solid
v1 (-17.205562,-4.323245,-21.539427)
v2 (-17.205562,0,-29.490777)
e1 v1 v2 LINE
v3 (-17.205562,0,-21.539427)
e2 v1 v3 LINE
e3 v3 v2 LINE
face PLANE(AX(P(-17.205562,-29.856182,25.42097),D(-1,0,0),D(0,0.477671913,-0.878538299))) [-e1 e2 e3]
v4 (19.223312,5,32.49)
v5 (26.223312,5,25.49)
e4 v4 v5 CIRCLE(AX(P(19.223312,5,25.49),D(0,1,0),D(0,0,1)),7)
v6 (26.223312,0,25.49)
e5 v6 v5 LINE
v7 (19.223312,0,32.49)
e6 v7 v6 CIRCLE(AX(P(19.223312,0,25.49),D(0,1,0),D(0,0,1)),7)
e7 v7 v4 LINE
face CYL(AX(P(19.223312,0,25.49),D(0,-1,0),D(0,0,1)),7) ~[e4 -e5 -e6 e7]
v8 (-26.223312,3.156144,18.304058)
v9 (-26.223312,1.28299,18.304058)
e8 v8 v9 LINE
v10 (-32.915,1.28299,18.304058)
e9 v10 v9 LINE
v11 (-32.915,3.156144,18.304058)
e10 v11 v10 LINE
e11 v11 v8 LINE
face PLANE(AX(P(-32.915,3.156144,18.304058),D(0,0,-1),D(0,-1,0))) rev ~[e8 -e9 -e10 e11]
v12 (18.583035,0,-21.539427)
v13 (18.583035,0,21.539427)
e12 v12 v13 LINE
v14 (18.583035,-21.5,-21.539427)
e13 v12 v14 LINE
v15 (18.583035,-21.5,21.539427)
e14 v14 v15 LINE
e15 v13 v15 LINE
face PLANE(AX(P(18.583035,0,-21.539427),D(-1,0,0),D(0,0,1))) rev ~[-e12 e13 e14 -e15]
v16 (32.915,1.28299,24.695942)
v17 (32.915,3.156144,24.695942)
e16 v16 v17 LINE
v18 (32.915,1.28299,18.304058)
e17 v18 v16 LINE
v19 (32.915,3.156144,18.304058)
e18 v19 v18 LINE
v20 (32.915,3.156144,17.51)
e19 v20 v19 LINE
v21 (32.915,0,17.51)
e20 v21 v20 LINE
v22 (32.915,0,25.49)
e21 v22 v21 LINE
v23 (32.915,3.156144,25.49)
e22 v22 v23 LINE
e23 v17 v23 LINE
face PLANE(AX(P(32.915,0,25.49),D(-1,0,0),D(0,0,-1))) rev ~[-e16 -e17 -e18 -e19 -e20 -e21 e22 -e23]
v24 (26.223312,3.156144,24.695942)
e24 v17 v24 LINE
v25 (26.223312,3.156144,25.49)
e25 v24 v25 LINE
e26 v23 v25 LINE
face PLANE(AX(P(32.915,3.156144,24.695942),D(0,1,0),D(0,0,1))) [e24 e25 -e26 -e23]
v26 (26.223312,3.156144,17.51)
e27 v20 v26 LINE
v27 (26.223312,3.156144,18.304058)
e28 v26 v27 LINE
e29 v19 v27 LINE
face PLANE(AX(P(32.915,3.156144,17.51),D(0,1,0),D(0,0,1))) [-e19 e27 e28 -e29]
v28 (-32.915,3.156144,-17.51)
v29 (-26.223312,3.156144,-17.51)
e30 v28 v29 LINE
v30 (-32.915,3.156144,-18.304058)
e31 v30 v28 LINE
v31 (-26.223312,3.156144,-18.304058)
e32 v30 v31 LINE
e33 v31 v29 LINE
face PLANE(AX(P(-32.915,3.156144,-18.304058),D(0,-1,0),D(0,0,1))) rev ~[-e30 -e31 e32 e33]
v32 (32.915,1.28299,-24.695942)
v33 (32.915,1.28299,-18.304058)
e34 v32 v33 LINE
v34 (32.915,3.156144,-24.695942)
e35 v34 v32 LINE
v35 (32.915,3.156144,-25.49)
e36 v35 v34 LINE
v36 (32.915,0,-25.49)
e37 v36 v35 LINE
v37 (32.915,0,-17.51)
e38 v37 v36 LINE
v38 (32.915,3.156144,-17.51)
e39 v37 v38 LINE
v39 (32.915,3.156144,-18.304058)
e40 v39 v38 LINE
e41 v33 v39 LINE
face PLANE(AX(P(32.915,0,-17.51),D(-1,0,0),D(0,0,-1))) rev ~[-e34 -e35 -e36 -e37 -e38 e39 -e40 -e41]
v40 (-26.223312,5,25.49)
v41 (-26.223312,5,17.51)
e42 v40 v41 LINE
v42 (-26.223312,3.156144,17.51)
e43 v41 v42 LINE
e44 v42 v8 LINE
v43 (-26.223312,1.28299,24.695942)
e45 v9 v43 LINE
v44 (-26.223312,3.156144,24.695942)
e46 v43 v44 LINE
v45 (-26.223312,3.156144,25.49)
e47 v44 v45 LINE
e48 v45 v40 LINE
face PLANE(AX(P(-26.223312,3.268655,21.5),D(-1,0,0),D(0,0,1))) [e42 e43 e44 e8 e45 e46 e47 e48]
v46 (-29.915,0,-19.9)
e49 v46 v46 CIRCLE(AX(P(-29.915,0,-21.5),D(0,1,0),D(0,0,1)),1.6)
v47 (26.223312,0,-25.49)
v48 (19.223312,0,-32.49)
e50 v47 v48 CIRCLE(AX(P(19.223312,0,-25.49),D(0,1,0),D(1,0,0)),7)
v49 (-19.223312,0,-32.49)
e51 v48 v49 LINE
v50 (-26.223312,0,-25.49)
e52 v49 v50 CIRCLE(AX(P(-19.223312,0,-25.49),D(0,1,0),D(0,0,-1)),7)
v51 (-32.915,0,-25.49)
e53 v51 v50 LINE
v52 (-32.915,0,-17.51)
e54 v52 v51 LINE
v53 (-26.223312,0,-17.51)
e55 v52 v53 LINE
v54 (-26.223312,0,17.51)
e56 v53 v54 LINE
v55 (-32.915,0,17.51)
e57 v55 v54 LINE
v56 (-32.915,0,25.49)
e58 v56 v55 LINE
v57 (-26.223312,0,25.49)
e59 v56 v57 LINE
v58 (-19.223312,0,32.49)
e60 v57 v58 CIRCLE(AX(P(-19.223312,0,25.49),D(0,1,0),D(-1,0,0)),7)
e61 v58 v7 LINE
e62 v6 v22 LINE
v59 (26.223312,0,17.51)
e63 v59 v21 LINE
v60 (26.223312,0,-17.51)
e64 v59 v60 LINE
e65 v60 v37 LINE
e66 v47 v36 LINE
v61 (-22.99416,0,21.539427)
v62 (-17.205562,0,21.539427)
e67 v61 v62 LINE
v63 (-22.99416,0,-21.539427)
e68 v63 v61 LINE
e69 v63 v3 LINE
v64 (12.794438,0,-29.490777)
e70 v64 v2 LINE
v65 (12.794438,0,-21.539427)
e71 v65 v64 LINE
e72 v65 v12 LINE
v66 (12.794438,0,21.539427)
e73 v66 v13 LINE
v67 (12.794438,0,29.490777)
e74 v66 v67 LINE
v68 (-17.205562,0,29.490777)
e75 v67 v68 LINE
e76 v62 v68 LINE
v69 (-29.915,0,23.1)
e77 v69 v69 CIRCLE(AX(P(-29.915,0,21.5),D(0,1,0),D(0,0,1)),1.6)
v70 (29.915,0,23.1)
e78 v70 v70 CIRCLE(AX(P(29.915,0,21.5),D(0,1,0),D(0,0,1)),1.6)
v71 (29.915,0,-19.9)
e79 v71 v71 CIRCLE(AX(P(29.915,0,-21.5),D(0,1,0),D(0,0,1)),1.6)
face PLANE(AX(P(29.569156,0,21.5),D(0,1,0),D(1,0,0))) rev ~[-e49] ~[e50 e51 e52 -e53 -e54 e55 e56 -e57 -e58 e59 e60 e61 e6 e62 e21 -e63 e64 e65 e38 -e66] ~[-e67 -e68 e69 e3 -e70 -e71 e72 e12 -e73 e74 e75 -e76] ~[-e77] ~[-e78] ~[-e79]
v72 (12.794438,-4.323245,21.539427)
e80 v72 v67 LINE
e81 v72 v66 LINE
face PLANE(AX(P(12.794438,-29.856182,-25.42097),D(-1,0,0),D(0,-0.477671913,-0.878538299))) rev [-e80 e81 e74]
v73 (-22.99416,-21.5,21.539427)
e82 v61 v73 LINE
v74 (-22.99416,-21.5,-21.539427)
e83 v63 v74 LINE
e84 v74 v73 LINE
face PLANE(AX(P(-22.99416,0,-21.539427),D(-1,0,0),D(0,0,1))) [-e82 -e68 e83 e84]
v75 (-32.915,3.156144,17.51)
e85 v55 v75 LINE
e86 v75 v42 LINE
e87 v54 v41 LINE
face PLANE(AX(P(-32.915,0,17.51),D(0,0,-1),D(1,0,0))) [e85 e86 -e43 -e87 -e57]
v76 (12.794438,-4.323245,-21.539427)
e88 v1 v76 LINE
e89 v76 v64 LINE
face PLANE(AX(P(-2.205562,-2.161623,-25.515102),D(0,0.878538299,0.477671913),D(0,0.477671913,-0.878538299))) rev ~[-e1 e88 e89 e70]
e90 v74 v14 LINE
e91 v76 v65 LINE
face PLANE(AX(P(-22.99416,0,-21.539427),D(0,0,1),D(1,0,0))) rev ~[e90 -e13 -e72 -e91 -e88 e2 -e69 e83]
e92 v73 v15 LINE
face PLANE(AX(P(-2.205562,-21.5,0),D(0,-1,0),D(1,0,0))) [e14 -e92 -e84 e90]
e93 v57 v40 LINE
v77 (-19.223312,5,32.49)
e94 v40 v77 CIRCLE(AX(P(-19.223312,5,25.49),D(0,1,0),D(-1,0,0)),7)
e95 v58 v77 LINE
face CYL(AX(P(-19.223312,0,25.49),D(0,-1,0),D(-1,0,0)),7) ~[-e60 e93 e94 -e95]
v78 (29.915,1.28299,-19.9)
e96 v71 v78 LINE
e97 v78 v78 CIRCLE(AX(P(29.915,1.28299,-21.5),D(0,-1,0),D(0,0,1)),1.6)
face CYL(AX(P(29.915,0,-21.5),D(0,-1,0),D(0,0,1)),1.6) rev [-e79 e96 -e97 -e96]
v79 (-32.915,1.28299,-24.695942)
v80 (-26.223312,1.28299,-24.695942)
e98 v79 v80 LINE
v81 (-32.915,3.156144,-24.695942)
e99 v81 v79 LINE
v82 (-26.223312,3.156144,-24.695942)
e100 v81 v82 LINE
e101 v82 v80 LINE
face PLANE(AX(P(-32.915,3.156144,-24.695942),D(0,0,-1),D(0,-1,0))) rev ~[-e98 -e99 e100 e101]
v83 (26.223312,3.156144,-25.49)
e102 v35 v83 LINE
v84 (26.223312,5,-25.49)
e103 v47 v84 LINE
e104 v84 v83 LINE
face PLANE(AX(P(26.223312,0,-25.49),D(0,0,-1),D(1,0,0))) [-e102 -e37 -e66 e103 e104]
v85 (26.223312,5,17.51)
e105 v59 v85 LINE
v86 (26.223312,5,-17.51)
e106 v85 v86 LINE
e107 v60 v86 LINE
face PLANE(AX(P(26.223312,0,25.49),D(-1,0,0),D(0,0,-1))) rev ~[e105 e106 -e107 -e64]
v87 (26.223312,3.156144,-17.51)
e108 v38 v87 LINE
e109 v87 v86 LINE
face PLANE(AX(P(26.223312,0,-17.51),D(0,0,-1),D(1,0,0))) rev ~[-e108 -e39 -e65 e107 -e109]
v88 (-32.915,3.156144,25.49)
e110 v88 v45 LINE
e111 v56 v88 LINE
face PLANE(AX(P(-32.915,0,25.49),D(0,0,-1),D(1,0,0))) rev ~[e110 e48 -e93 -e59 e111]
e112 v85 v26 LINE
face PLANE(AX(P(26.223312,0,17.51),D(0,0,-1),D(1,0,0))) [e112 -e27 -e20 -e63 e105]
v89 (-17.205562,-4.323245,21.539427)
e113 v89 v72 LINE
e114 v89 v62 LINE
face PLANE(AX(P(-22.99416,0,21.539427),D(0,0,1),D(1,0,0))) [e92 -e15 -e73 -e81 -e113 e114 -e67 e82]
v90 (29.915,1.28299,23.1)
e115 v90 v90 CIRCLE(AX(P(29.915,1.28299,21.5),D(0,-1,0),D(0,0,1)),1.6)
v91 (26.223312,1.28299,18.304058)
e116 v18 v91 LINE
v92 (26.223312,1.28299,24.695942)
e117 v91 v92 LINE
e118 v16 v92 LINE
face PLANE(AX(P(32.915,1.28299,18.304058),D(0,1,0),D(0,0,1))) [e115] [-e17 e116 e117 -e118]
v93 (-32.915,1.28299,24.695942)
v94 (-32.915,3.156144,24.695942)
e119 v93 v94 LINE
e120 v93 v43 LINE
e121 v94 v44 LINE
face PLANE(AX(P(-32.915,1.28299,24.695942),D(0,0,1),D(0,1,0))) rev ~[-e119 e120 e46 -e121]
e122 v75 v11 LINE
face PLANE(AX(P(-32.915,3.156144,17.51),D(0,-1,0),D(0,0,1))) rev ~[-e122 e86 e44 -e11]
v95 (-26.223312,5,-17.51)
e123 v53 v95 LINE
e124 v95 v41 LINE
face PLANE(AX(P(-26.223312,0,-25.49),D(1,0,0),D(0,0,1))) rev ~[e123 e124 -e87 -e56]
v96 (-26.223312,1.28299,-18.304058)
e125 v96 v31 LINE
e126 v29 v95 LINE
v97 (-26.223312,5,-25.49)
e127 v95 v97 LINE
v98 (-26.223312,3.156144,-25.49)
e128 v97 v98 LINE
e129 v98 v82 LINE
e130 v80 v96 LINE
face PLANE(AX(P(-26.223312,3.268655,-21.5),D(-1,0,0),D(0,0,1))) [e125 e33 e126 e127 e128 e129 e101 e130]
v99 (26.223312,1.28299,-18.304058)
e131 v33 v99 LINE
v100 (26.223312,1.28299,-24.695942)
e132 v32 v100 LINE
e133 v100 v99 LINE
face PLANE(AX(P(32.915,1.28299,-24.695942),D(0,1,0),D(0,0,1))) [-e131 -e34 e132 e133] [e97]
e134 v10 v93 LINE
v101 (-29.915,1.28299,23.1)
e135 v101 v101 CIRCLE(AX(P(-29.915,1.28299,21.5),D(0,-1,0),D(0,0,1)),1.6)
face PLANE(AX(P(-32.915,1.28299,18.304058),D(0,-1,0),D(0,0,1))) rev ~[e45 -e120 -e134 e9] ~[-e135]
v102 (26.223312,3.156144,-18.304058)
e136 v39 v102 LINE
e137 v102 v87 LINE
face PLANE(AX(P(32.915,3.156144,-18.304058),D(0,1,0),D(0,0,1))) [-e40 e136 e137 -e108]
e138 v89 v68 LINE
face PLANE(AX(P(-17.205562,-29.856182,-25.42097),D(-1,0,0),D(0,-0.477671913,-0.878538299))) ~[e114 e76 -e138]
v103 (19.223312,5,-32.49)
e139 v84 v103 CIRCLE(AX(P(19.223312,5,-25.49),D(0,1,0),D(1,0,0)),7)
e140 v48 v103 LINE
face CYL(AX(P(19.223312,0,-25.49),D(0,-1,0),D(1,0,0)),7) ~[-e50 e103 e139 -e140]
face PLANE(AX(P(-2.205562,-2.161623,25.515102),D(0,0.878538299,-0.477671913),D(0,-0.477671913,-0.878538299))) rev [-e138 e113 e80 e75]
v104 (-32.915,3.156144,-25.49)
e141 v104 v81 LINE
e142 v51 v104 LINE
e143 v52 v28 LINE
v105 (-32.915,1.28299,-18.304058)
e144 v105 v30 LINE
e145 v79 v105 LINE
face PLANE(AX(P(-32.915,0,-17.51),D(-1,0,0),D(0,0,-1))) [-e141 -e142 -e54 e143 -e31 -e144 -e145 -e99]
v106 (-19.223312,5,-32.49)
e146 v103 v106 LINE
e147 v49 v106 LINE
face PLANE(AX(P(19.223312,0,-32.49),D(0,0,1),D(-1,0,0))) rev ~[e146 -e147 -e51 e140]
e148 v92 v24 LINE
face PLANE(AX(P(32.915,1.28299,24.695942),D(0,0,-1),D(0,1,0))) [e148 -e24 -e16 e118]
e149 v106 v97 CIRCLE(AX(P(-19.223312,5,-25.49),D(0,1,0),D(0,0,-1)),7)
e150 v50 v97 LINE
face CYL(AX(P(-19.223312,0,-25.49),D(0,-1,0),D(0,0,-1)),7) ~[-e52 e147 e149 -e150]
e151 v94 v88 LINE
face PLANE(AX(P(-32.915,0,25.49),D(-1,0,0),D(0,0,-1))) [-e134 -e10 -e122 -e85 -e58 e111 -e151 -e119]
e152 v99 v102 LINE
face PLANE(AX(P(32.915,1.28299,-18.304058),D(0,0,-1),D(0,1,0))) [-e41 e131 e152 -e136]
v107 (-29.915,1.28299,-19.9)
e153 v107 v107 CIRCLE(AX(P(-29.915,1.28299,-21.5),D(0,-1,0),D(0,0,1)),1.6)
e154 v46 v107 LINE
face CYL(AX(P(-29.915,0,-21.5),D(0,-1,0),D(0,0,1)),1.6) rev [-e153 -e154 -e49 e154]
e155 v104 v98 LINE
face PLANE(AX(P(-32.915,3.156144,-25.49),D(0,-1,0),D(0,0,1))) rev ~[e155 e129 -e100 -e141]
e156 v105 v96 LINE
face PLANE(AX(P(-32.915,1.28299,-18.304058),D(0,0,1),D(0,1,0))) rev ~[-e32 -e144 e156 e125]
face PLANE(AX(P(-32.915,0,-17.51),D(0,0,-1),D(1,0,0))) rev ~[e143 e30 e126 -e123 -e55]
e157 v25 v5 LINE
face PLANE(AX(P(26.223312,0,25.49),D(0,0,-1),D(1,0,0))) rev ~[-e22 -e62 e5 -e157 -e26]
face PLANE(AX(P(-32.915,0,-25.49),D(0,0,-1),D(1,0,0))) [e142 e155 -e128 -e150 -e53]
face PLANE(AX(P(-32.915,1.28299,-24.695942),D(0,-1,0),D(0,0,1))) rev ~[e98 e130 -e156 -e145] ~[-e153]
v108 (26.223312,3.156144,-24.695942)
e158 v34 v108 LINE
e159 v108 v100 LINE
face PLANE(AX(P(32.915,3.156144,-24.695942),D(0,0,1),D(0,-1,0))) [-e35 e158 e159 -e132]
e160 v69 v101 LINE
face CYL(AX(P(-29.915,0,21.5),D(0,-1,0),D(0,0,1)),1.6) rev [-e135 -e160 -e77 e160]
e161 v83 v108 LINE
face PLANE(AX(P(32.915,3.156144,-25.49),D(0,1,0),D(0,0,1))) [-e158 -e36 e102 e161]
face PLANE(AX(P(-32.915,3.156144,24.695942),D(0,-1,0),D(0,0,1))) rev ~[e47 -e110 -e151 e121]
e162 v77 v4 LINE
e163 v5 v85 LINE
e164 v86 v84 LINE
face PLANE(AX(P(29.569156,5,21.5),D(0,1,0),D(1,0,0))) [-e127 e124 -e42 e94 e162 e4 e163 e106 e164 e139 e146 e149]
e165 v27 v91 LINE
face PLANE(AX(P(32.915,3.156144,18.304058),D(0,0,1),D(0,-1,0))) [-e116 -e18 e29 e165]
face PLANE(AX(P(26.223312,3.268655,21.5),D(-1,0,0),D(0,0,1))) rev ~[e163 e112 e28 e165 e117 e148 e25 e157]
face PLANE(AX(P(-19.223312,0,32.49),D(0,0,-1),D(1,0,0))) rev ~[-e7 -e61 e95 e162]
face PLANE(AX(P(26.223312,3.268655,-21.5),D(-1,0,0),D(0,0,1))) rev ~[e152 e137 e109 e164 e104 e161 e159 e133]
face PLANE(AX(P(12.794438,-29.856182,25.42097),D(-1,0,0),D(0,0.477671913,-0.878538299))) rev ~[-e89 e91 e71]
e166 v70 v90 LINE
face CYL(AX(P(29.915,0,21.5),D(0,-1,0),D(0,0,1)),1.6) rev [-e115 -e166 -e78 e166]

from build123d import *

# Parameters (mm, degrees)
SKETCH1_W           = 6.691688341
SKETCH1_H           = 7.98
SKETCH1_R           = 1.6
BOSS_EXTRUDE1_DEPTH = 5
SKETCH2_W           = 41.577195194
SKETCH2_H           = 43.078854614
BOSS_EXTRUDE2_DEPTH = 21.5
CUT_EXTRUDE1_DEPTH  = 6.691688
CUT_EXTRUDE2_START  = -65.83
CUT_EXTRUDE2_DEPTH  = 6.691688
RIB2_REACH          = 54.453
SKETCH4_WALL_W      = 115.956406408
SKETCH4_WALL_H      = 30


with BuildPart() as part:
    # Sketch1 → Boss-Extrude1 (new body)
    # profile 1 of 5: a face of its own
    with BuildSketch(Plane(origin=(0, 0, 0), x_dir=(1, 0, 0), z_dir=(0, 1, 0))):
        with Locations((-29.569155829, 21.5)):
            Rectangle(SKETCH1_W, SKETCH1_H)
        with Locations(Location((-29.915, 21.5, 0), (0, 0, 270))):
            Circle(SKETCH1_R, mode=Mode.SUBTRACT)
    # profile 2 of 5: a face of its own
    with BuildSketch(Plane(origin=(0, 0, 0), x_dir=(1, 0, 0), z_dir=(0, 1, 0))):
        with Locations((-29.569155829, -21.5)):
            Rectangle(SKETCH1_W, SKETCH1_H)
        with Locations(Location((-29.915, -21.5, 0), (0, 0, 270))):
            Circle(SKETCH1_R, mode=Mode.SUBTRACT)
    # profile 3 of 5: a face of its own
    with BuildSketch(Plane(origin=(0, 0, 0), x_dir=(1, 0, 0), z_dir=(0, 1, 0))):
        with BuildLine():
            Line((-26.223311659, 25.49), (-26.223311659, 17.51))
            Line((-26.223311659, 17.51), (-26.223311659, -17.51))
            Line((-26.223311659, -17.51), (-26.223311659, -25.49))
            ThreePointArc((-26.223311659, -25.49), (-24.173059128, -30.439747468), (-19.223311659, -32.49))
            Line((-19.223311659, -32.49), (19.223311659, -32.49))
            ThreePointArc((19.223311659, -32.49), (24.173059128, -30.439747468), (26.223311659, -25.49))
            Line((26.223311659, -25.49), (26.223311659, -17.51))
            Line((26.223311659, -17.51), (26.223311659, 17.51))
            Line((26.223311659, 17.51), (26.223311659, 25.49))
            ThreePointArc((26.223311659, 25.49), (24.173059128, 30.439747468), (19.223311659, 32.49))
            Line((19.223311659, 32.49), (-19.223311659, 32.49))
            ThreePointArc((-19.223311659, 32.49), (-24.173059128, 30.439747468), (-26.223311659, 25.49))
        make_face()
    # profile 4 of 5: a face of its own
    with BuildSketch(Plane(origin=(0, 0, 0), x_dir=(1, 0, 0), z_dir=(0, 1, 0))):
        with Locations((29.569155829, 21.5)):
            Rectangle(SKETCH1_W, SKETCH1_H)
        with Locations(Location((29.915, 21.5, 0), (0, 0, 270))):
            Circle(SKETCH1_R, mode=Mode.SUBTRACT)
    # profile 5 of 5: a face of its own
    with BuildSketch(Plane(origin=(0, 0, 0), x_dir=(1, 0, 0), z_dir=(0, 1, 0))):
        with Locations((29.569155829, -21.5)):
            Rectangle(SKETCH1_W, SKETCH1_H)
        with Locations(Location((29.915, -21.5, 0), (0, 0, 270))):
            Circle(SKETCH1_R, mode=Mode.SUBTRACT)
    extrude(amount=BOSS_EXTRUDE1_DEPTH)

    # Sketch2 → Boss-Extrude2 (add)
    with BuildSketch(Plane.XZ):
        with Locations((-2.205562273, 0)):
            Rectangle(SKETCH2_W, SKETCH2_H)
    extrude(amount=BOSS_EXTRUDE2_DEPTH)

    # Sketch3 → Cut-Extrude1 (cut)
    with BuildSketch(Plane.ZY.offset(32.915)):
        Polygon((-18.304058028, 3.156143774), (-17.51, 3.156143774), (-17.51, 5), (-25.49, 5), (-25.49, 3.156143774), (-24.695941972, 3.156143774), (-24.695941972, 1.28299036), (-18.304058028, 1.28299036), align=None)
        Polygon((24.695941972, 3.156143774), (25.49, 3.156143774), (25.49, 5), (17.51, 5), (17.51, 3.156143774), (18.304058028, 3.156143774), (18.304058028, 1.28299036), (24.695941972, 1.28299036), align=None)
    extrude(amount=-CUT_EXTRUDE1_DEPTH, mode=Mode.SUBTRACT)

    # Sketch3<3> → Cut-Extrude2 (cut)
    with BuildSketch(Plane.ZY.offset(32.915).offset(CUT_EXTRUDE2_START)):
        Polygon((24.695941972, 3.156143774), (25.49, 3.156143774), (25.49, 5), (17.51, 5), (17.51, 3.156143774), (18.304058028, 3.156143774), (18.304058028, 1.28299036), (24.695941972, 1.28299036), align=None)
        Polygon((-18.304058028, 3.156143774), (-17.51, 3.156143774), (-17.51, 5), (-25.49, 5), (-25.49, 3.156143774), (-24.695941972, 3.156143774), (-24.695941972, 1.28299036), (-18.304058028, 1.28299036), align=None)
    extrude(amount=CUT_EXTRUDE2_DEPTH, mode=Mode.SUBTRACT)

    # Sketch4 wall → Rib2 (add, up to next)
    with BuildSketch(Plane(origin=(-2.205562273, -2.161622642, -25.515102301), x_dir=(0, 0.477671912918, -0.878538299455), z_dir=(0, 0.878538299455, 0.477671912918)), mode=Mode.PRIVATE) as rib2_sk1:
        Rectangle(SKETCH4_WALL_W, SKETCH4_WALL_H)
    rib2_tool1 = extrude(rib2_sk1.sketch, amount=RIB2_REACH, mode=Mode.PRIVATE) - part.part
    rib2 = rib2_tool1.solids().sort_by_distance((-2.205562273, -2.161622642, -25.515102301))[0]
    add(rib2)

    # Mirror4: Rib2 across plane
    add(rib2.mirror(Plane.XY))


solid = part.part
